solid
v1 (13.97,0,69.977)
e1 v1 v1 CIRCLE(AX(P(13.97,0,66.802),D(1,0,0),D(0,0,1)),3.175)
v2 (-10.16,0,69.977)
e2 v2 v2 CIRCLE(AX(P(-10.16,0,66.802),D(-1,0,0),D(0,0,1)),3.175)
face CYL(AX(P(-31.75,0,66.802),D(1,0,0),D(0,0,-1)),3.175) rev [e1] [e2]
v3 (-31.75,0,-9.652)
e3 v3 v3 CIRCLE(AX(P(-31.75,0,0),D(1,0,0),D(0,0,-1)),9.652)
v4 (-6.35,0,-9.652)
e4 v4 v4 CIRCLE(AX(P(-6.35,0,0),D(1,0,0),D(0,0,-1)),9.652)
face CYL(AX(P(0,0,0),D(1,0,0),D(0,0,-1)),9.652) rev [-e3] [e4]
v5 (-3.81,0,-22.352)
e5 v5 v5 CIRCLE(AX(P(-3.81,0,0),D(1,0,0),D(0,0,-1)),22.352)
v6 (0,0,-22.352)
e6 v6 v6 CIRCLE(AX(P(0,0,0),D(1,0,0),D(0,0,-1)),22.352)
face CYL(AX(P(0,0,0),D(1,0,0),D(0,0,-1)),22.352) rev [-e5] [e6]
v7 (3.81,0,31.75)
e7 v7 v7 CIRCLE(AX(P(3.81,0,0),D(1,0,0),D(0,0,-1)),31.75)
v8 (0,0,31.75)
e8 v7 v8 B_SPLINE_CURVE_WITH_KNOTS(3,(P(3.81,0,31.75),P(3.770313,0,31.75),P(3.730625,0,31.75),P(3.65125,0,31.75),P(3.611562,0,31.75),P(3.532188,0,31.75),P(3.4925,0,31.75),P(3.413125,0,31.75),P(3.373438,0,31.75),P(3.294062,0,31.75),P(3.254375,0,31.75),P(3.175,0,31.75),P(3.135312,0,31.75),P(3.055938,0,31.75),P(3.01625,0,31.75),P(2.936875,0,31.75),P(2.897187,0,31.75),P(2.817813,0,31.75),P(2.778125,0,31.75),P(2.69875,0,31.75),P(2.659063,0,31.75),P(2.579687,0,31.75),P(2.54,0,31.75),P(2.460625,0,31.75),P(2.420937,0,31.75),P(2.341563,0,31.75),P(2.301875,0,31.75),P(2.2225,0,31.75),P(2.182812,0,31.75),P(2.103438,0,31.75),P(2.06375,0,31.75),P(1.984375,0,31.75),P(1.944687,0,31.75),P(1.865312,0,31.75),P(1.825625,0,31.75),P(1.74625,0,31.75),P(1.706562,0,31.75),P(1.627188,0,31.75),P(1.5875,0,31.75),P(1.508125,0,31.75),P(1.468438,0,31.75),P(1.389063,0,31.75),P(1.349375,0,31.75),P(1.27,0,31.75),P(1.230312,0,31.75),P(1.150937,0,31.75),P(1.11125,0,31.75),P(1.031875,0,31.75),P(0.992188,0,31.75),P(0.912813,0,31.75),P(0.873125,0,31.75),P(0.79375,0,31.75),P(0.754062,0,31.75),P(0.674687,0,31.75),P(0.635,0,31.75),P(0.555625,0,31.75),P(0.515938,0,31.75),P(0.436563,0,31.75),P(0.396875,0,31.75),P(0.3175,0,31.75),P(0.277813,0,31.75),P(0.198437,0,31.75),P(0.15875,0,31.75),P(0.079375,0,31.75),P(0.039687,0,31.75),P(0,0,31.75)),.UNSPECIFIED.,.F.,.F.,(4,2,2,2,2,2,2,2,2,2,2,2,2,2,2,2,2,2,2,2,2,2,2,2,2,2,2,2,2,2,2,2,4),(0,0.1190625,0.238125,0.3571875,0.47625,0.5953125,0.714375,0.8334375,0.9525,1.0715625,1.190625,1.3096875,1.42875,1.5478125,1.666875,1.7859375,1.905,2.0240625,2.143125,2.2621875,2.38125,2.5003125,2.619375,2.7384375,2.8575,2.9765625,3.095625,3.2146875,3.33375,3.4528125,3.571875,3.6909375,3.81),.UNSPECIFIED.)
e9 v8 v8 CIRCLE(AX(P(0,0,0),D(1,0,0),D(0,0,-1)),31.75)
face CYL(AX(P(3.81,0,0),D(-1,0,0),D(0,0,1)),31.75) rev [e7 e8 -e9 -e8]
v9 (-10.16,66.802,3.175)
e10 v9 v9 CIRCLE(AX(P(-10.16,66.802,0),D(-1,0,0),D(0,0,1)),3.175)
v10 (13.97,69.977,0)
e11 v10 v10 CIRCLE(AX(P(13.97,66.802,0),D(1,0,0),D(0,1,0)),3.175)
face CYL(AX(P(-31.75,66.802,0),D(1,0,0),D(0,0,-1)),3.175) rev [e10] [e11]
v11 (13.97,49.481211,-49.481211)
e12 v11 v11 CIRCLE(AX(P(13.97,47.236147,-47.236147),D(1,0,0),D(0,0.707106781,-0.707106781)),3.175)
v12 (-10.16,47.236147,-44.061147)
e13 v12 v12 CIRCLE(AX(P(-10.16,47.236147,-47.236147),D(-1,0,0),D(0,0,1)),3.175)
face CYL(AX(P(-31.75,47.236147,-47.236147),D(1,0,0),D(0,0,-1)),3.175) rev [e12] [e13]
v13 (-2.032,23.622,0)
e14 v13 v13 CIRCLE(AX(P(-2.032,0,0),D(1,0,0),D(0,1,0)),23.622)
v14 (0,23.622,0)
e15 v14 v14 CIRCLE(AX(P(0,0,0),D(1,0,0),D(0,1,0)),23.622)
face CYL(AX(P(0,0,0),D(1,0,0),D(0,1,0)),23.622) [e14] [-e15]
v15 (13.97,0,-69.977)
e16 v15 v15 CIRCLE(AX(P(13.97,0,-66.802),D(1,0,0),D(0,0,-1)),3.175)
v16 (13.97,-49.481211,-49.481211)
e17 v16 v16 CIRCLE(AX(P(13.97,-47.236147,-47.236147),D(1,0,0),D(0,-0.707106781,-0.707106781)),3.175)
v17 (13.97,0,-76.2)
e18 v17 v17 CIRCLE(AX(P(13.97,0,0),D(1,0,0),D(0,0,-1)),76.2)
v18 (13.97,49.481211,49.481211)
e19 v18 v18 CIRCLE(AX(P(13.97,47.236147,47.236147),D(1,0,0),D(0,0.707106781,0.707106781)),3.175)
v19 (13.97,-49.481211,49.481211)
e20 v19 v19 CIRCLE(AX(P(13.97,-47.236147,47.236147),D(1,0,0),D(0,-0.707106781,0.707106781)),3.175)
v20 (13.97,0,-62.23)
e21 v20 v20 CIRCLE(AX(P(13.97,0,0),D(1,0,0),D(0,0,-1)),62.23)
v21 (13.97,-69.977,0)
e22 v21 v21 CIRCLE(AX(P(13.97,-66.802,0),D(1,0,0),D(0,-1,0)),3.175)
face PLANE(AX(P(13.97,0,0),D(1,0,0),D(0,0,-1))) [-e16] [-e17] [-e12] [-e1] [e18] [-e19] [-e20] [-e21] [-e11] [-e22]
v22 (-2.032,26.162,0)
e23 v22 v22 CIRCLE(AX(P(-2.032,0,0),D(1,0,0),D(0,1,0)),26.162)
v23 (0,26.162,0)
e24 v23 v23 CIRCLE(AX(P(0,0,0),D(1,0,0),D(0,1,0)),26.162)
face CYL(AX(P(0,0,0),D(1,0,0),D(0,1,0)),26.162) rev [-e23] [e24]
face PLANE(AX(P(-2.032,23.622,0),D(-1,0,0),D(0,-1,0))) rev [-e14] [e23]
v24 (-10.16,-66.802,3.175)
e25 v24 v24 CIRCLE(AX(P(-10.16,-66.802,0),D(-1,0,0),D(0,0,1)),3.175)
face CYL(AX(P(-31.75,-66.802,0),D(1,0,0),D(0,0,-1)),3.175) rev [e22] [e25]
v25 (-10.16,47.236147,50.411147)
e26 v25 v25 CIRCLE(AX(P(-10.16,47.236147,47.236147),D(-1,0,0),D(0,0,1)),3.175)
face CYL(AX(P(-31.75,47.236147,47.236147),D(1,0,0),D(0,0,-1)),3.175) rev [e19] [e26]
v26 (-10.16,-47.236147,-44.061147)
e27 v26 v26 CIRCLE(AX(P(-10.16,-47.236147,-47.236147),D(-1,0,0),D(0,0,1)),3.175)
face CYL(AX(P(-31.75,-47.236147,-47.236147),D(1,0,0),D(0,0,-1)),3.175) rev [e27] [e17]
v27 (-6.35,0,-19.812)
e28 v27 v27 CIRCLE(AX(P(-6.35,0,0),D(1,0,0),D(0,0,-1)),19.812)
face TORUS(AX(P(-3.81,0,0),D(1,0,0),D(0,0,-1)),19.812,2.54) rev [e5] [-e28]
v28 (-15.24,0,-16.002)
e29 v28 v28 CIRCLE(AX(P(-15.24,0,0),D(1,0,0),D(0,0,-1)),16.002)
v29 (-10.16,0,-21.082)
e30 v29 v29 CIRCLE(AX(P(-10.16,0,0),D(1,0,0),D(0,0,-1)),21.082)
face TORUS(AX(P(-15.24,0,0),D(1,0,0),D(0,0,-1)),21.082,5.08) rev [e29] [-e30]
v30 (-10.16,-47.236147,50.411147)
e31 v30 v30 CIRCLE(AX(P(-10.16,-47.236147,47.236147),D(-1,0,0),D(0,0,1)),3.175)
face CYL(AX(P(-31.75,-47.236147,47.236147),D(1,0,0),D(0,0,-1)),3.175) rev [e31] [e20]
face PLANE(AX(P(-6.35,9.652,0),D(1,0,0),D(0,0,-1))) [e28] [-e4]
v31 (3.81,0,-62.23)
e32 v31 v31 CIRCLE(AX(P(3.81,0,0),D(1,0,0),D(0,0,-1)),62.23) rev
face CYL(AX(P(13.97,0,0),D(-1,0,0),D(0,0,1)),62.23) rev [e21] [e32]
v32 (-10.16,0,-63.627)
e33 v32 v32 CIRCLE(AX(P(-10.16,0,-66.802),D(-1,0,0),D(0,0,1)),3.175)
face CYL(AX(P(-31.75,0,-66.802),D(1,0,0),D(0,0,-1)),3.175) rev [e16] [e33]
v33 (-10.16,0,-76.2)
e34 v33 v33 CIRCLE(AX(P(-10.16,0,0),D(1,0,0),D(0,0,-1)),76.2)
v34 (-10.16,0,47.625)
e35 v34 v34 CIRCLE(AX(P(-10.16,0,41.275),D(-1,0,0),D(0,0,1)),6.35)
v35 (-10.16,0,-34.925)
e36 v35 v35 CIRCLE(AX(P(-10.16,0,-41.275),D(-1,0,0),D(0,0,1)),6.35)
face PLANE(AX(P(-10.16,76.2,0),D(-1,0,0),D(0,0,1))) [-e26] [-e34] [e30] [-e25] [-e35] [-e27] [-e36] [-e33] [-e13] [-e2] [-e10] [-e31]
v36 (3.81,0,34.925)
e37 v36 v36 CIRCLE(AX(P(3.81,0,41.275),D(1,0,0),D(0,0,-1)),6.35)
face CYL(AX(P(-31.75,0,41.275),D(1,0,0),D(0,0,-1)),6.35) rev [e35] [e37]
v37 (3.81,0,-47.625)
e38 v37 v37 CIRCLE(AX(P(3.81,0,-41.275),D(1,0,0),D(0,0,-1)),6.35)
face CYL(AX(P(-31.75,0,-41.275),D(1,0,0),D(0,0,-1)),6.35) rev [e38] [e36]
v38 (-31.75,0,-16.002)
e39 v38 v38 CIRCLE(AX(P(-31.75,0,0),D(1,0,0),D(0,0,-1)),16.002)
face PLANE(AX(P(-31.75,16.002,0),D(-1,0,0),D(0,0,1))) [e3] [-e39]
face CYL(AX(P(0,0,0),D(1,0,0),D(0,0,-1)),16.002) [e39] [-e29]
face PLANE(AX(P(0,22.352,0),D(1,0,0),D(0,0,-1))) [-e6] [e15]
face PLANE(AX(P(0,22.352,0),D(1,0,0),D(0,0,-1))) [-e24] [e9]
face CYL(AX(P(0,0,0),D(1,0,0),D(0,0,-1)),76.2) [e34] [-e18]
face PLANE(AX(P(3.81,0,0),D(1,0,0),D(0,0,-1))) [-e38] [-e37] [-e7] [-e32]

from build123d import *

# Parameters (mm, degrees)
SKETCH4_W               = 2.032
SKETCH4_H               = 2.54
SKETCH5_R               = 76.2
SKETCH5_R_2             = 31.75
BOSS_EXTRUDE1_DEPTH     = 3.81
SKETCH6_R               = 76.2
SKETCH6_R_2             = 62.23
BOSS_EXTRUDE2_DEPTH     = 10.16
CUT_EXTRUDE1_DEPTH      = 113.342968182
CUT_EXTRUDE1_DEPTH_BACK = 113.342968182
SKETCH2_R               = 6.35
SKETCH3_R               = 3.175
CUT_EXTRUDE2_DEPTH      = 113.342968182
CIRPATTERN1_COUNT       = 8


with BuildPart() as part:
    # Sketch1 → Revolve1 (revolve)
    with BuildSketch(Plane.XY, mode=Mode.PRIVATE) as revolve1_sk:
        with BuildLine():
            Line((0, 76.2), (-10.16, 76.2))
            Line((-10.16, 76.2), (-10.16, 21.082))
            ThreePointArc((-10.16, 21.082), (-11.647897552, 17.489897552), (-15.24, 16.002))
            Line((-15.24, 16.002), (-31.75, 16.002))
            Line((-31.75, 16.002), (-31.75, 9.652))
            Line((-31.75, 9.652), (-6.35, 9.652))
            Line((-6.35, 9.652), (-6.35, 19.812))
            ThreePointArc((-6.35, 19.812), (-5.606051224, 21.608051224), (-3.81, 22.352))
            Line((-3.81, 22.352), (0, 22.352))
            Line((0, 22.352), (0, 76.2))
        make_face()
    revolve(revolve1_sk.sketch.rotate(Axis((0, 0, 0), (-1, 0, 0)), 90), axis=Axis((0, 0, 0), (-1, 0, 0)))

    # Sketch4 → Cut-Revolve1 (revolve, cut)
    with BuildSketch(Plane.XY):
        with Locations((-1.016, 24.892)):
            Rectangle(SKETCH4_W, SKETCH4_H)
    revolve(axis=Axis((0, 0, 0), (-1, 0, 0)), mode=Mode.SUBTRACT)

    # Sketch5 → Boss-Extrude1 (add)
    with BuildSketch(Plane(origin=(0, 0, 0), x_dir=(0, 0, -1), z_dir=(1, 0, 0))):
        Circle(SKETCH5_R)
        with Locations(Location((0, 0, 0), (0, 0, 180))):
            Circle(SKETCH5_R_2, mode=Mode.SUBTRACT)
    extrude(amount=BOSS_EXTRUDE1_DEPTH)

    # Sketch6 → Boss-Extrude2 (add)
    with BuildSketch(Plane(origin=(3.81, 0, 0), x_dir=(0, 0, -1), z_dir=(1, 0, 0))):
        Circle(SKETCH6_R)
        Circle(SKETCH6_R_2, mode=Mode.SUBTRACT)
    extrude(amount=BOSS_EXTRUDE2_DEPTH)

    # Sketch2 → Cut-Extrude1 (cut, two sides: drawn at the far end of the back side and taken through both)
    with BuildSketch(Plane(origin=(0, 0, 0), x_dir=(0, 0, -1), z_dir=(1, 0, 0)).offset(-CUT_EXTRUDE1_DEPTH_BACK)):
        with Locations((41.275, 0)):
            Circle(SKETCH2_R)
        with Locations((-41.275, 0)):
            Circle(SKETCH2_R)
    extrude(amount=CUT_EXTRUDE1_DEPTH + CUT_EXTRUDE1_DEPTH_BACK, mode=Mode.SUBTRACT)

    # Sketch3 → Cut-Extrude2 (cut, symmetric)
    with BuildSketch(Plane(origin=(0, 0, 0), x_dir=(0, 0, -1), z_dir=(1, 0, 0))):
        with Locations((66.802, 0)):
            Circle(SKETCH3_R)
    cut_extrude2 = extrude(amount=CUT_EXTRUDE2_DEPTH, both=True, mode=Mode.SUBTRACT)

    # CirPattern1: Cut-Extrude2 ×8 about axis
    cirpattern1_axis = Axis((0, 0, 0), (1, 0, 0))
    for i in range(1, CIRPATTERN1_COUNT):
        add(cut_extrude2.rotate(cirpattern1_axis, i * 360 / CIRPATTERN1_COUNT), mode=Mode.SUBTRACT)


solid = part.part
